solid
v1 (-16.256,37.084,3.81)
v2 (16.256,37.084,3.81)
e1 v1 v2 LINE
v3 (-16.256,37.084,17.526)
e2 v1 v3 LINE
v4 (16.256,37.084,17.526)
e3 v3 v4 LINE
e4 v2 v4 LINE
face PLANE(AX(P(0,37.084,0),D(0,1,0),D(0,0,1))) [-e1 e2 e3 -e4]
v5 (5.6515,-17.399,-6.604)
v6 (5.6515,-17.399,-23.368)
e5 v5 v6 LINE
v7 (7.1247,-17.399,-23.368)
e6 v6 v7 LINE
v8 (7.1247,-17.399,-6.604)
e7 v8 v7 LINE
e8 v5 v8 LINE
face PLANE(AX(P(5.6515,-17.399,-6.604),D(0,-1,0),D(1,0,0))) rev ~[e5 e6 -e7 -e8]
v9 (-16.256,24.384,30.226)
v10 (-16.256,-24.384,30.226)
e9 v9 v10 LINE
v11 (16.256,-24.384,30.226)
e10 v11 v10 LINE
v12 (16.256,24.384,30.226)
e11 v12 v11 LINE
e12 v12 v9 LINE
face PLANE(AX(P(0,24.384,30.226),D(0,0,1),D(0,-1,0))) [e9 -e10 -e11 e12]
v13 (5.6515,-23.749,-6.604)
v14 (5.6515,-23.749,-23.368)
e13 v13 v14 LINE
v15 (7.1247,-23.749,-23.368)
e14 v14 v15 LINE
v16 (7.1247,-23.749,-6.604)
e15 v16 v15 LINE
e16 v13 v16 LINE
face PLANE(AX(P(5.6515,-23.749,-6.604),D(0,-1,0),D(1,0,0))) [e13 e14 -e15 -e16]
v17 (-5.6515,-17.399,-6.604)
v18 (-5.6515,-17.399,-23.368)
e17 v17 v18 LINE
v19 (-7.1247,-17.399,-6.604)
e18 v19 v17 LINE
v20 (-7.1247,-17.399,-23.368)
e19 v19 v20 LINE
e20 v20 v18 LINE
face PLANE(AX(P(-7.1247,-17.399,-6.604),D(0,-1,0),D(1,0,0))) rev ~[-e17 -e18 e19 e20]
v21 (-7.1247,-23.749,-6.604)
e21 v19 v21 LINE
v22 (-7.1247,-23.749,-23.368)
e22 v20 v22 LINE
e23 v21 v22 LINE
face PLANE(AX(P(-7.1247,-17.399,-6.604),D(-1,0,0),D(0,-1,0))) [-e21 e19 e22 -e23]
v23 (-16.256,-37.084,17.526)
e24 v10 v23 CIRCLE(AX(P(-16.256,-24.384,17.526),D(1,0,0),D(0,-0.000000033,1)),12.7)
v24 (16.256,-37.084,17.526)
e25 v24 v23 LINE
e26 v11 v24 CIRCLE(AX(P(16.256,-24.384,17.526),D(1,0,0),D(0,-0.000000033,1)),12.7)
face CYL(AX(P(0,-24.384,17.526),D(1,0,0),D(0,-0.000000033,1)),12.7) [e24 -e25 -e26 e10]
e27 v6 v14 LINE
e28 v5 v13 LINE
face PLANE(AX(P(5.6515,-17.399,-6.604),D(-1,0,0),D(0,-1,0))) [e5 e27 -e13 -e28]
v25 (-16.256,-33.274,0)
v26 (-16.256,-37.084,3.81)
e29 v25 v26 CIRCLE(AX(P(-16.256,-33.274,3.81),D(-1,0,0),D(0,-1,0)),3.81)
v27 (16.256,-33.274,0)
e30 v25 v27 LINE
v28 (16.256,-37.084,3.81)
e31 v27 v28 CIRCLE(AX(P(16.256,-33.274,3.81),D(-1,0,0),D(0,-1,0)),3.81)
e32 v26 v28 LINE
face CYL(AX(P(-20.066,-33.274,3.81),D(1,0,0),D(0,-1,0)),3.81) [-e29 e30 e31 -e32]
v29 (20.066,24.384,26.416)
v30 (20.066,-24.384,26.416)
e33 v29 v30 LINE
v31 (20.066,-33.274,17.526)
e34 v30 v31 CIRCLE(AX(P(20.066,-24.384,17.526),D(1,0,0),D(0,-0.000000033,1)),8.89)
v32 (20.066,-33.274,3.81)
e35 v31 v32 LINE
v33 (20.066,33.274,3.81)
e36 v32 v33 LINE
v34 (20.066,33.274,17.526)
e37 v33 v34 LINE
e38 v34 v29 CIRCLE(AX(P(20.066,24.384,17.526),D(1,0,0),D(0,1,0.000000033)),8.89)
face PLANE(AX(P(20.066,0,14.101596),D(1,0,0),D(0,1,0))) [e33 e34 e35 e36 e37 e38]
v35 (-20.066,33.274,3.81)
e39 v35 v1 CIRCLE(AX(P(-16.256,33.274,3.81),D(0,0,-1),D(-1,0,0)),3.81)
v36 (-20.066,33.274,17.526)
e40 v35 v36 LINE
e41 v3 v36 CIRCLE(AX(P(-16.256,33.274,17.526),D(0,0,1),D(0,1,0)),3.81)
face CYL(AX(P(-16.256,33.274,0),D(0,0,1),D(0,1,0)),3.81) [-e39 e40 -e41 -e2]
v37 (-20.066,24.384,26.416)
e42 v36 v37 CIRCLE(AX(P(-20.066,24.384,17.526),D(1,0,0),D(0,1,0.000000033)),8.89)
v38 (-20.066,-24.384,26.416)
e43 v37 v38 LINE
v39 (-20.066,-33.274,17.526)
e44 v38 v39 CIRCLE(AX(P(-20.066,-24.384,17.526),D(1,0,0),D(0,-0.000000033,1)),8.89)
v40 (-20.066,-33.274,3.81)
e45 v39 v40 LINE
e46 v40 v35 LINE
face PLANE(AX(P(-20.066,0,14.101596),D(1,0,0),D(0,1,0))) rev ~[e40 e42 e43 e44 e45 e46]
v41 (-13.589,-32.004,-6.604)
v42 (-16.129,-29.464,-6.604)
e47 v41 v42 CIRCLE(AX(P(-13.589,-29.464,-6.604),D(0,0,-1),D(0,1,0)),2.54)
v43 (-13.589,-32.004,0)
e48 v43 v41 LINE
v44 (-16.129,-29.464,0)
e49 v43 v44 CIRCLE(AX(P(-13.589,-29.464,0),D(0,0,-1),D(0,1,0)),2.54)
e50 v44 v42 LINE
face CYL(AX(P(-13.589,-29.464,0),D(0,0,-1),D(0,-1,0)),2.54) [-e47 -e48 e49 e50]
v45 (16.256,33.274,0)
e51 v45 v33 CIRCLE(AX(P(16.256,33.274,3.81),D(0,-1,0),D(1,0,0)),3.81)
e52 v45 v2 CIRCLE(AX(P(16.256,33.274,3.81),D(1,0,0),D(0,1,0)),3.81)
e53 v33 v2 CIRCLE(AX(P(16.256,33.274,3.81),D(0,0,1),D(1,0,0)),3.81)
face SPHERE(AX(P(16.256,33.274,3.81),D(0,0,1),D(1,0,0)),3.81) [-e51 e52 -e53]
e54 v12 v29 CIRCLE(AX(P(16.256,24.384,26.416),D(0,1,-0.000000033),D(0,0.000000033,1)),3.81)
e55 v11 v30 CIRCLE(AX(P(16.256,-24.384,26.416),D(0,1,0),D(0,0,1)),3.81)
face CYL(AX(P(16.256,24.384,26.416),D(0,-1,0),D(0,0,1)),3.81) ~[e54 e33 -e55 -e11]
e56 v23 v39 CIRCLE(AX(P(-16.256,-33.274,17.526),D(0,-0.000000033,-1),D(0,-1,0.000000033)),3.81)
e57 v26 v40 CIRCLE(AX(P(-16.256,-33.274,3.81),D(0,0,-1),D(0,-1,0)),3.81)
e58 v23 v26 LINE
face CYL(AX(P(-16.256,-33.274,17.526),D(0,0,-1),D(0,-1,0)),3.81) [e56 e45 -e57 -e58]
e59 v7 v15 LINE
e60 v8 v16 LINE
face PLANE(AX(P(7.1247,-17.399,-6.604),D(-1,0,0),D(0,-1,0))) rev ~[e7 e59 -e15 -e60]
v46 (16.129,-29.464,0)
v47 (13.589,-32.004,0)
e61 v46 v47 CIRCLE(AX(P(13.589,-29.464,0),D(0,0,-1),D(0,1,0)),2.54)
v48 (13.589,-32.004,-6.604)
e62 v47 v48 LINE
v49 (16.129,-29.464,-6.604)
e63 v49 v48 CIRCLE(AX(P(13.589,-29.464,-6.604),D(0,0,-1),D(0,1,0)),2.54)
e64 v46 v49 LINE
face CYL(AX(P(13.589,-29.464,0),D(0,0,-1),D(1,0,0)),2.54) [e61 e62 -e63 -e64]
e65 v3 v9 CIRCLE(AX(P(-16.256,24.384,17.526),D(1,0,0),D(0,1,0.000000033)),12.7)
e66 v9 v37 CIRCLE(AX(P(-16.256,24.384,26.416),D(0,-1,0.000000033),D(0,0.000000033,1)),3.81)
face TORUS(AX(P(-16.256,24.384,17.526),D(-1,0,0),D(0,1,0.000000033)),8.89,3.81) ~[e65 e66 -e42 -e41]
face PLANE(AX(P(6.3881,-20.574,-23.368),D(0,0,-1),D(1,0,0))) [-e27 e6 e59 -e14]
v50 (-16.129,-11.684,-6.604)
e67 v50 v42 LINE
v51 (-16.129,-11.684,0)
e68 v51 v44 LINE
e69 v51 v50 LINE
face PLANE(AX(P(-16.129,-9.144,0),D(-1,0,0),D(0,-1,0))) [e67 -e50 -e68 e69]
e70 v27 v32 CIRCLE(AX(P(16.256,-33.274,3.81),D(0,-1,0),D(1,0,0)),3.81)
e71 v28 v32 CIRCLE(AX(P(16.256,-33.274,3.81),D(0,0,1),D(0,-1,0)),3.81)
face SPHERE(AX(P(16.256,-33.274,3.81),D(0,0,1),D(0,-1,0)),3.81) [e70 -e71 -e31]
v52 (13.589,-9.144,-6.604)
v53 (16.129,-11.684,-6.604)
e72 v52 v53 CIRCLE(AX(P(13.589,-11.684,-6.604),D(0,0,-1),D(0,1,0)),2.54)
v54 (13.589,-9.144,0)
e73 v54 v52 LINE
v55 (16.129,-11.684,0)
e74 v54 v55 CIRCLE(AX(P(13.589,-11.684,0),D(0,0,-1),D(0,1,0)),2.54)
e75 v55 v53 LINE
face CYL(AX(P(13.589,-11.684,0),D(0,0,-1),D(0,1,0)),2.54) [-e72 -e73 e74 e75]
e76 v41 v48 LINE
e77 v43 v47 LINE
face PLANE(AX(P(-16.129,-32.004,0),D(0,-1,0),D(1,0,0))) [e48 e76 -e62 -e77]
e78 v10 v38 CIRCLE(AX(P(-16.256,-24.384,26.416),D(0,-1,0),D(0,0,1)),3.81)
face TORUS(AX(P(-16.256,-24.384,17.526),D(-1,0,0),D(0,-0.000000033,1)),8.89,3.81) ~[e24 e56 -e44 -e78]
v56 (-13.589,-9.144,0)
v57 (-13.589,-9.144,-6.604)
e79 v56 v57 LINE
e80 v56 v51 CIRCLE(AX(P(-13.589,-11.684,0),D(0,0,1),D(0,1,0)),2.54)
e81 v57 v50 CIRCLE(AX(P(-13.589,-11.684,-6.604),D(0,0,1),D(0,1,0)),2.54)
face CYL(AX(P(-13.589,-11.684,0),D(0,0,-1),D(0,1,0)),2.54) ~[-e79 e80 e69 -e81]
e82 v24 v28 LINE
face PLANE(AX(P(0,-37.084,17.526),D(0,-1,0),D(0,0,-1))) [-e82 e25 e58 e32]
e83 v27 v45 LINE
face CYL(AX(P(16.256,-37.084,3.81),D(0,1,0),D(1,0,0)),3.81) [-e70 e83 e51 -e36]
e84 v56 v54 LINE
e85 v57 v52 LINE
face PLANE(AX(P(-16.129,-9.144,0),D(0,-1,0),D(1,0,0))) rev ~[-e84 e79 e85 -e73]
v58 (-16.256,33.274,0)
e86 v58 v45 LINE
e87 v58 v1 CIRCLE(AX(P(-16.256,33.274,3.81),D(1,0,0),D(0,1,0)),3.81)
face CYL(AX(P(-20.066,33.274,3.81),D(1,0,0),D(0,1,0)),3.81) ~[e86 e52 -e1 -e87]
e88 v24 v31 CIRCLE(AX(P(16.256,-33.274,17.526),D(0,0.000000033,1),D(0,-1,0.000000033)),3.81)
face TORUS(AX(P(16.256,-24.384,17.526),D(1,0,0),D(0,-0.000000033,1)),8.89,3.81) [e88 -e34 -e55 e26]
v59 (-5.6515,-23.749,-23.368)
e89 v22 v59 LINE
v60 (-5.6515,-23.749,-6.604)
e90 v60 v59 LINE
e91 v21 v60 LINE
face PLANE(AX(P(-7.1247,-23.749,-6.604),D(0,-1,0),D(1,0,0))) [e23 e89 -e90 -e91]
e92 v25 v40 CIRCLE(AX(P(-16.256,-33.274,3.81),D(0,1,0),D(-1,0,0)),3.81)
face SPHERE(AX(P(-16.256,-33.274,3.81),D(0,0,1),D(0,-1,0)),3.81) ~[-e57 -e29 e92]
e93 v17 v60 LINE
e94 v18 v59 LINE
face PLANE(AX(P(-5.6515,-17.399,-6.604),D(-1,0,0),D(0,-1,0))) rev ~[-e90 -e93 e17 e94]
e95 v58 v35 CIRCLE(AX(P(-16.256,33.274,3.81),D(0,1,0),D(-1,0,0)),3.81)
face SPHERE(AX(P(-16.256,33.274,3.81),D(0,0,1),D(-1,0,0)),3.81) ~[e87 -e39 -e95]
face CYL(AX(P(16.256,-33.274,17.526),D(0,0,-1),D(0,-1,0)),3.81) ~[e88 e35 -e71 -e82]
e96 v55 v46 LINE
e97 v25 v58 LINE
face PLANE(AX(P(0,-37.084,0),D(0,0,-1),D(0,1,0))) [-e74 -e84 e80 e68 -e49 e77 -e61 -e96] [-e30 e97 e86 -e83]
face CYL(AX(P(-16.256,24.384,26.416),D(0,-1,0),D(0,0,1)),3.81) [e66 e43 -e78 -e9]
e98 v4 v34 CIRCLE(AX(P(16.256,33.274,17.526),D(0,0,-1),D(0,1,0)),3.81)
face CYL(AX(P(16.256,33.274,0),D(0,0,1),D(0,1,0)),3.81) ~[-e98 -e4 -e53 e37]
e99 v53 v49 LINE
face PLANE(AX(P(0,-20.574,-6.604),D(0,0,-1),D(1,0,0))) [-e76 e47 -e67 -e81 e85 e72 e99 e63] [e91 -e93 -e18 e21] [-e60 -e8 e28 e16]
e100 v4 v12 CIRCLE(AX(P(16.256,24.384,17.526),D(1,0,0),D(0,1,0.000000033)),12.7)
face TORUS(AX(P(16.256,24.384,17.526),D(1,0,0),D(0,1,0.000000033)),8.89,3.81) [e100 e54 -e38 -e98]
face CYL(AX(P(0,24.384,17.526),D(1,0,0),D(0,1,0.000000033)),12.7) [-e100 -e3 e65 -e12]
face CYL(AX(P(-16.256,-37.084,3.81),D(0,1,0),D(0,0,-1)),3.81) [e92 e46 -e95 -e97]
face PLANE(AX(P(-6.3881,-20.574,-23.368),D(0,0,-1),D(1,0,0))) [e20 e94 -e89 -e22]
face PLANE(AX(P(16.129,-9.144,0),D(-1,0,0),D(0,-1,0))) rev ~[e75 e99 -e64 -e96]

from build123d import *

# Parameters (mm, degrees)
F1_DEPTH = 20.066
F2_R     = 3.81
F3_W     = 32.258
F3_H     = 22.86
F4_DEPTH = 6.604
F5_R     = 2.54
F6_W     = 1.4732
F6_H     = 6.35
F7_DEPTH = 16.764


with BuildPart() as f1:
    # F0 (on Right) → F1 (new body, symmetric)
    with BuildSketch(Plane.YZ):
        with BuildLine():
            Line((-37.084, 17.526), (-37.084, 0))
            Line((-37.084, 0), (37.084, 0))
            Line((37.084, 0), (37.084, 17.526))
            ThreePointArc((37.084, 17.526), (33.364256, 26.506256), (24.384, 30.226))
            Line((24.384, 30.226), (-24.384, 30.226))
            ThreePointArc((-24.384, 30.226), (-33.364256, 26.506256), (-37.084, 17.526))
        make_face()
    extrude(amount=F1_DEPTH, both=True)

    # F2
    f2_edges = [f1.edges().sort_by_distance(p)[0] for p in [
        (20.066, 0, 30.226),
        (-20.066, 0, 30.226),
        (0, -37.084, 0),
        (20.066, 0, 0),
        (-20.066, 0, 0),
        (0, 37.084, 0),
    ]]
    fillet(f2_edges, radius=F2_R)

    # F3 (on face) → F4 (join)
    with BuildSketch(Plane(origin=(0, 0, 0), x_dir=(1, 0, 0), z_dir=(0, 0, -1))):
        with Locations((0, 20.574)):
            Rectangle(F3_W, F3_H)
    extrude(amount=F4_DEPTH)

    # F5
    f5_edges = [f1.edges().sort_by_distance(p)[0] for p in [
        (16.129, -9.144, -3.302),
        (16.129, -32.004, -3.302),
        (-16.129, -32.004, -3.302),
        (-16.129, -9.144, -3.302),
    ]]
    fillet(f5_edges, radius=F5_R)

    # F6 (on face) → F7 (join)
    with BuildSketch(Plane(origin=(0, 0, -6.604), x_dir=(1, 0, 0), z_dir=(0, 0, -1))):
        with Locations((6.3881, 20.574)):
            Rectangle(F6_W, F6_H)
        with Locations((-6.3881, 20.574)):
            Rectangle(F6_W, F6_H)
    extrude(amount=F7_DEPTH)


solid = f1.part
